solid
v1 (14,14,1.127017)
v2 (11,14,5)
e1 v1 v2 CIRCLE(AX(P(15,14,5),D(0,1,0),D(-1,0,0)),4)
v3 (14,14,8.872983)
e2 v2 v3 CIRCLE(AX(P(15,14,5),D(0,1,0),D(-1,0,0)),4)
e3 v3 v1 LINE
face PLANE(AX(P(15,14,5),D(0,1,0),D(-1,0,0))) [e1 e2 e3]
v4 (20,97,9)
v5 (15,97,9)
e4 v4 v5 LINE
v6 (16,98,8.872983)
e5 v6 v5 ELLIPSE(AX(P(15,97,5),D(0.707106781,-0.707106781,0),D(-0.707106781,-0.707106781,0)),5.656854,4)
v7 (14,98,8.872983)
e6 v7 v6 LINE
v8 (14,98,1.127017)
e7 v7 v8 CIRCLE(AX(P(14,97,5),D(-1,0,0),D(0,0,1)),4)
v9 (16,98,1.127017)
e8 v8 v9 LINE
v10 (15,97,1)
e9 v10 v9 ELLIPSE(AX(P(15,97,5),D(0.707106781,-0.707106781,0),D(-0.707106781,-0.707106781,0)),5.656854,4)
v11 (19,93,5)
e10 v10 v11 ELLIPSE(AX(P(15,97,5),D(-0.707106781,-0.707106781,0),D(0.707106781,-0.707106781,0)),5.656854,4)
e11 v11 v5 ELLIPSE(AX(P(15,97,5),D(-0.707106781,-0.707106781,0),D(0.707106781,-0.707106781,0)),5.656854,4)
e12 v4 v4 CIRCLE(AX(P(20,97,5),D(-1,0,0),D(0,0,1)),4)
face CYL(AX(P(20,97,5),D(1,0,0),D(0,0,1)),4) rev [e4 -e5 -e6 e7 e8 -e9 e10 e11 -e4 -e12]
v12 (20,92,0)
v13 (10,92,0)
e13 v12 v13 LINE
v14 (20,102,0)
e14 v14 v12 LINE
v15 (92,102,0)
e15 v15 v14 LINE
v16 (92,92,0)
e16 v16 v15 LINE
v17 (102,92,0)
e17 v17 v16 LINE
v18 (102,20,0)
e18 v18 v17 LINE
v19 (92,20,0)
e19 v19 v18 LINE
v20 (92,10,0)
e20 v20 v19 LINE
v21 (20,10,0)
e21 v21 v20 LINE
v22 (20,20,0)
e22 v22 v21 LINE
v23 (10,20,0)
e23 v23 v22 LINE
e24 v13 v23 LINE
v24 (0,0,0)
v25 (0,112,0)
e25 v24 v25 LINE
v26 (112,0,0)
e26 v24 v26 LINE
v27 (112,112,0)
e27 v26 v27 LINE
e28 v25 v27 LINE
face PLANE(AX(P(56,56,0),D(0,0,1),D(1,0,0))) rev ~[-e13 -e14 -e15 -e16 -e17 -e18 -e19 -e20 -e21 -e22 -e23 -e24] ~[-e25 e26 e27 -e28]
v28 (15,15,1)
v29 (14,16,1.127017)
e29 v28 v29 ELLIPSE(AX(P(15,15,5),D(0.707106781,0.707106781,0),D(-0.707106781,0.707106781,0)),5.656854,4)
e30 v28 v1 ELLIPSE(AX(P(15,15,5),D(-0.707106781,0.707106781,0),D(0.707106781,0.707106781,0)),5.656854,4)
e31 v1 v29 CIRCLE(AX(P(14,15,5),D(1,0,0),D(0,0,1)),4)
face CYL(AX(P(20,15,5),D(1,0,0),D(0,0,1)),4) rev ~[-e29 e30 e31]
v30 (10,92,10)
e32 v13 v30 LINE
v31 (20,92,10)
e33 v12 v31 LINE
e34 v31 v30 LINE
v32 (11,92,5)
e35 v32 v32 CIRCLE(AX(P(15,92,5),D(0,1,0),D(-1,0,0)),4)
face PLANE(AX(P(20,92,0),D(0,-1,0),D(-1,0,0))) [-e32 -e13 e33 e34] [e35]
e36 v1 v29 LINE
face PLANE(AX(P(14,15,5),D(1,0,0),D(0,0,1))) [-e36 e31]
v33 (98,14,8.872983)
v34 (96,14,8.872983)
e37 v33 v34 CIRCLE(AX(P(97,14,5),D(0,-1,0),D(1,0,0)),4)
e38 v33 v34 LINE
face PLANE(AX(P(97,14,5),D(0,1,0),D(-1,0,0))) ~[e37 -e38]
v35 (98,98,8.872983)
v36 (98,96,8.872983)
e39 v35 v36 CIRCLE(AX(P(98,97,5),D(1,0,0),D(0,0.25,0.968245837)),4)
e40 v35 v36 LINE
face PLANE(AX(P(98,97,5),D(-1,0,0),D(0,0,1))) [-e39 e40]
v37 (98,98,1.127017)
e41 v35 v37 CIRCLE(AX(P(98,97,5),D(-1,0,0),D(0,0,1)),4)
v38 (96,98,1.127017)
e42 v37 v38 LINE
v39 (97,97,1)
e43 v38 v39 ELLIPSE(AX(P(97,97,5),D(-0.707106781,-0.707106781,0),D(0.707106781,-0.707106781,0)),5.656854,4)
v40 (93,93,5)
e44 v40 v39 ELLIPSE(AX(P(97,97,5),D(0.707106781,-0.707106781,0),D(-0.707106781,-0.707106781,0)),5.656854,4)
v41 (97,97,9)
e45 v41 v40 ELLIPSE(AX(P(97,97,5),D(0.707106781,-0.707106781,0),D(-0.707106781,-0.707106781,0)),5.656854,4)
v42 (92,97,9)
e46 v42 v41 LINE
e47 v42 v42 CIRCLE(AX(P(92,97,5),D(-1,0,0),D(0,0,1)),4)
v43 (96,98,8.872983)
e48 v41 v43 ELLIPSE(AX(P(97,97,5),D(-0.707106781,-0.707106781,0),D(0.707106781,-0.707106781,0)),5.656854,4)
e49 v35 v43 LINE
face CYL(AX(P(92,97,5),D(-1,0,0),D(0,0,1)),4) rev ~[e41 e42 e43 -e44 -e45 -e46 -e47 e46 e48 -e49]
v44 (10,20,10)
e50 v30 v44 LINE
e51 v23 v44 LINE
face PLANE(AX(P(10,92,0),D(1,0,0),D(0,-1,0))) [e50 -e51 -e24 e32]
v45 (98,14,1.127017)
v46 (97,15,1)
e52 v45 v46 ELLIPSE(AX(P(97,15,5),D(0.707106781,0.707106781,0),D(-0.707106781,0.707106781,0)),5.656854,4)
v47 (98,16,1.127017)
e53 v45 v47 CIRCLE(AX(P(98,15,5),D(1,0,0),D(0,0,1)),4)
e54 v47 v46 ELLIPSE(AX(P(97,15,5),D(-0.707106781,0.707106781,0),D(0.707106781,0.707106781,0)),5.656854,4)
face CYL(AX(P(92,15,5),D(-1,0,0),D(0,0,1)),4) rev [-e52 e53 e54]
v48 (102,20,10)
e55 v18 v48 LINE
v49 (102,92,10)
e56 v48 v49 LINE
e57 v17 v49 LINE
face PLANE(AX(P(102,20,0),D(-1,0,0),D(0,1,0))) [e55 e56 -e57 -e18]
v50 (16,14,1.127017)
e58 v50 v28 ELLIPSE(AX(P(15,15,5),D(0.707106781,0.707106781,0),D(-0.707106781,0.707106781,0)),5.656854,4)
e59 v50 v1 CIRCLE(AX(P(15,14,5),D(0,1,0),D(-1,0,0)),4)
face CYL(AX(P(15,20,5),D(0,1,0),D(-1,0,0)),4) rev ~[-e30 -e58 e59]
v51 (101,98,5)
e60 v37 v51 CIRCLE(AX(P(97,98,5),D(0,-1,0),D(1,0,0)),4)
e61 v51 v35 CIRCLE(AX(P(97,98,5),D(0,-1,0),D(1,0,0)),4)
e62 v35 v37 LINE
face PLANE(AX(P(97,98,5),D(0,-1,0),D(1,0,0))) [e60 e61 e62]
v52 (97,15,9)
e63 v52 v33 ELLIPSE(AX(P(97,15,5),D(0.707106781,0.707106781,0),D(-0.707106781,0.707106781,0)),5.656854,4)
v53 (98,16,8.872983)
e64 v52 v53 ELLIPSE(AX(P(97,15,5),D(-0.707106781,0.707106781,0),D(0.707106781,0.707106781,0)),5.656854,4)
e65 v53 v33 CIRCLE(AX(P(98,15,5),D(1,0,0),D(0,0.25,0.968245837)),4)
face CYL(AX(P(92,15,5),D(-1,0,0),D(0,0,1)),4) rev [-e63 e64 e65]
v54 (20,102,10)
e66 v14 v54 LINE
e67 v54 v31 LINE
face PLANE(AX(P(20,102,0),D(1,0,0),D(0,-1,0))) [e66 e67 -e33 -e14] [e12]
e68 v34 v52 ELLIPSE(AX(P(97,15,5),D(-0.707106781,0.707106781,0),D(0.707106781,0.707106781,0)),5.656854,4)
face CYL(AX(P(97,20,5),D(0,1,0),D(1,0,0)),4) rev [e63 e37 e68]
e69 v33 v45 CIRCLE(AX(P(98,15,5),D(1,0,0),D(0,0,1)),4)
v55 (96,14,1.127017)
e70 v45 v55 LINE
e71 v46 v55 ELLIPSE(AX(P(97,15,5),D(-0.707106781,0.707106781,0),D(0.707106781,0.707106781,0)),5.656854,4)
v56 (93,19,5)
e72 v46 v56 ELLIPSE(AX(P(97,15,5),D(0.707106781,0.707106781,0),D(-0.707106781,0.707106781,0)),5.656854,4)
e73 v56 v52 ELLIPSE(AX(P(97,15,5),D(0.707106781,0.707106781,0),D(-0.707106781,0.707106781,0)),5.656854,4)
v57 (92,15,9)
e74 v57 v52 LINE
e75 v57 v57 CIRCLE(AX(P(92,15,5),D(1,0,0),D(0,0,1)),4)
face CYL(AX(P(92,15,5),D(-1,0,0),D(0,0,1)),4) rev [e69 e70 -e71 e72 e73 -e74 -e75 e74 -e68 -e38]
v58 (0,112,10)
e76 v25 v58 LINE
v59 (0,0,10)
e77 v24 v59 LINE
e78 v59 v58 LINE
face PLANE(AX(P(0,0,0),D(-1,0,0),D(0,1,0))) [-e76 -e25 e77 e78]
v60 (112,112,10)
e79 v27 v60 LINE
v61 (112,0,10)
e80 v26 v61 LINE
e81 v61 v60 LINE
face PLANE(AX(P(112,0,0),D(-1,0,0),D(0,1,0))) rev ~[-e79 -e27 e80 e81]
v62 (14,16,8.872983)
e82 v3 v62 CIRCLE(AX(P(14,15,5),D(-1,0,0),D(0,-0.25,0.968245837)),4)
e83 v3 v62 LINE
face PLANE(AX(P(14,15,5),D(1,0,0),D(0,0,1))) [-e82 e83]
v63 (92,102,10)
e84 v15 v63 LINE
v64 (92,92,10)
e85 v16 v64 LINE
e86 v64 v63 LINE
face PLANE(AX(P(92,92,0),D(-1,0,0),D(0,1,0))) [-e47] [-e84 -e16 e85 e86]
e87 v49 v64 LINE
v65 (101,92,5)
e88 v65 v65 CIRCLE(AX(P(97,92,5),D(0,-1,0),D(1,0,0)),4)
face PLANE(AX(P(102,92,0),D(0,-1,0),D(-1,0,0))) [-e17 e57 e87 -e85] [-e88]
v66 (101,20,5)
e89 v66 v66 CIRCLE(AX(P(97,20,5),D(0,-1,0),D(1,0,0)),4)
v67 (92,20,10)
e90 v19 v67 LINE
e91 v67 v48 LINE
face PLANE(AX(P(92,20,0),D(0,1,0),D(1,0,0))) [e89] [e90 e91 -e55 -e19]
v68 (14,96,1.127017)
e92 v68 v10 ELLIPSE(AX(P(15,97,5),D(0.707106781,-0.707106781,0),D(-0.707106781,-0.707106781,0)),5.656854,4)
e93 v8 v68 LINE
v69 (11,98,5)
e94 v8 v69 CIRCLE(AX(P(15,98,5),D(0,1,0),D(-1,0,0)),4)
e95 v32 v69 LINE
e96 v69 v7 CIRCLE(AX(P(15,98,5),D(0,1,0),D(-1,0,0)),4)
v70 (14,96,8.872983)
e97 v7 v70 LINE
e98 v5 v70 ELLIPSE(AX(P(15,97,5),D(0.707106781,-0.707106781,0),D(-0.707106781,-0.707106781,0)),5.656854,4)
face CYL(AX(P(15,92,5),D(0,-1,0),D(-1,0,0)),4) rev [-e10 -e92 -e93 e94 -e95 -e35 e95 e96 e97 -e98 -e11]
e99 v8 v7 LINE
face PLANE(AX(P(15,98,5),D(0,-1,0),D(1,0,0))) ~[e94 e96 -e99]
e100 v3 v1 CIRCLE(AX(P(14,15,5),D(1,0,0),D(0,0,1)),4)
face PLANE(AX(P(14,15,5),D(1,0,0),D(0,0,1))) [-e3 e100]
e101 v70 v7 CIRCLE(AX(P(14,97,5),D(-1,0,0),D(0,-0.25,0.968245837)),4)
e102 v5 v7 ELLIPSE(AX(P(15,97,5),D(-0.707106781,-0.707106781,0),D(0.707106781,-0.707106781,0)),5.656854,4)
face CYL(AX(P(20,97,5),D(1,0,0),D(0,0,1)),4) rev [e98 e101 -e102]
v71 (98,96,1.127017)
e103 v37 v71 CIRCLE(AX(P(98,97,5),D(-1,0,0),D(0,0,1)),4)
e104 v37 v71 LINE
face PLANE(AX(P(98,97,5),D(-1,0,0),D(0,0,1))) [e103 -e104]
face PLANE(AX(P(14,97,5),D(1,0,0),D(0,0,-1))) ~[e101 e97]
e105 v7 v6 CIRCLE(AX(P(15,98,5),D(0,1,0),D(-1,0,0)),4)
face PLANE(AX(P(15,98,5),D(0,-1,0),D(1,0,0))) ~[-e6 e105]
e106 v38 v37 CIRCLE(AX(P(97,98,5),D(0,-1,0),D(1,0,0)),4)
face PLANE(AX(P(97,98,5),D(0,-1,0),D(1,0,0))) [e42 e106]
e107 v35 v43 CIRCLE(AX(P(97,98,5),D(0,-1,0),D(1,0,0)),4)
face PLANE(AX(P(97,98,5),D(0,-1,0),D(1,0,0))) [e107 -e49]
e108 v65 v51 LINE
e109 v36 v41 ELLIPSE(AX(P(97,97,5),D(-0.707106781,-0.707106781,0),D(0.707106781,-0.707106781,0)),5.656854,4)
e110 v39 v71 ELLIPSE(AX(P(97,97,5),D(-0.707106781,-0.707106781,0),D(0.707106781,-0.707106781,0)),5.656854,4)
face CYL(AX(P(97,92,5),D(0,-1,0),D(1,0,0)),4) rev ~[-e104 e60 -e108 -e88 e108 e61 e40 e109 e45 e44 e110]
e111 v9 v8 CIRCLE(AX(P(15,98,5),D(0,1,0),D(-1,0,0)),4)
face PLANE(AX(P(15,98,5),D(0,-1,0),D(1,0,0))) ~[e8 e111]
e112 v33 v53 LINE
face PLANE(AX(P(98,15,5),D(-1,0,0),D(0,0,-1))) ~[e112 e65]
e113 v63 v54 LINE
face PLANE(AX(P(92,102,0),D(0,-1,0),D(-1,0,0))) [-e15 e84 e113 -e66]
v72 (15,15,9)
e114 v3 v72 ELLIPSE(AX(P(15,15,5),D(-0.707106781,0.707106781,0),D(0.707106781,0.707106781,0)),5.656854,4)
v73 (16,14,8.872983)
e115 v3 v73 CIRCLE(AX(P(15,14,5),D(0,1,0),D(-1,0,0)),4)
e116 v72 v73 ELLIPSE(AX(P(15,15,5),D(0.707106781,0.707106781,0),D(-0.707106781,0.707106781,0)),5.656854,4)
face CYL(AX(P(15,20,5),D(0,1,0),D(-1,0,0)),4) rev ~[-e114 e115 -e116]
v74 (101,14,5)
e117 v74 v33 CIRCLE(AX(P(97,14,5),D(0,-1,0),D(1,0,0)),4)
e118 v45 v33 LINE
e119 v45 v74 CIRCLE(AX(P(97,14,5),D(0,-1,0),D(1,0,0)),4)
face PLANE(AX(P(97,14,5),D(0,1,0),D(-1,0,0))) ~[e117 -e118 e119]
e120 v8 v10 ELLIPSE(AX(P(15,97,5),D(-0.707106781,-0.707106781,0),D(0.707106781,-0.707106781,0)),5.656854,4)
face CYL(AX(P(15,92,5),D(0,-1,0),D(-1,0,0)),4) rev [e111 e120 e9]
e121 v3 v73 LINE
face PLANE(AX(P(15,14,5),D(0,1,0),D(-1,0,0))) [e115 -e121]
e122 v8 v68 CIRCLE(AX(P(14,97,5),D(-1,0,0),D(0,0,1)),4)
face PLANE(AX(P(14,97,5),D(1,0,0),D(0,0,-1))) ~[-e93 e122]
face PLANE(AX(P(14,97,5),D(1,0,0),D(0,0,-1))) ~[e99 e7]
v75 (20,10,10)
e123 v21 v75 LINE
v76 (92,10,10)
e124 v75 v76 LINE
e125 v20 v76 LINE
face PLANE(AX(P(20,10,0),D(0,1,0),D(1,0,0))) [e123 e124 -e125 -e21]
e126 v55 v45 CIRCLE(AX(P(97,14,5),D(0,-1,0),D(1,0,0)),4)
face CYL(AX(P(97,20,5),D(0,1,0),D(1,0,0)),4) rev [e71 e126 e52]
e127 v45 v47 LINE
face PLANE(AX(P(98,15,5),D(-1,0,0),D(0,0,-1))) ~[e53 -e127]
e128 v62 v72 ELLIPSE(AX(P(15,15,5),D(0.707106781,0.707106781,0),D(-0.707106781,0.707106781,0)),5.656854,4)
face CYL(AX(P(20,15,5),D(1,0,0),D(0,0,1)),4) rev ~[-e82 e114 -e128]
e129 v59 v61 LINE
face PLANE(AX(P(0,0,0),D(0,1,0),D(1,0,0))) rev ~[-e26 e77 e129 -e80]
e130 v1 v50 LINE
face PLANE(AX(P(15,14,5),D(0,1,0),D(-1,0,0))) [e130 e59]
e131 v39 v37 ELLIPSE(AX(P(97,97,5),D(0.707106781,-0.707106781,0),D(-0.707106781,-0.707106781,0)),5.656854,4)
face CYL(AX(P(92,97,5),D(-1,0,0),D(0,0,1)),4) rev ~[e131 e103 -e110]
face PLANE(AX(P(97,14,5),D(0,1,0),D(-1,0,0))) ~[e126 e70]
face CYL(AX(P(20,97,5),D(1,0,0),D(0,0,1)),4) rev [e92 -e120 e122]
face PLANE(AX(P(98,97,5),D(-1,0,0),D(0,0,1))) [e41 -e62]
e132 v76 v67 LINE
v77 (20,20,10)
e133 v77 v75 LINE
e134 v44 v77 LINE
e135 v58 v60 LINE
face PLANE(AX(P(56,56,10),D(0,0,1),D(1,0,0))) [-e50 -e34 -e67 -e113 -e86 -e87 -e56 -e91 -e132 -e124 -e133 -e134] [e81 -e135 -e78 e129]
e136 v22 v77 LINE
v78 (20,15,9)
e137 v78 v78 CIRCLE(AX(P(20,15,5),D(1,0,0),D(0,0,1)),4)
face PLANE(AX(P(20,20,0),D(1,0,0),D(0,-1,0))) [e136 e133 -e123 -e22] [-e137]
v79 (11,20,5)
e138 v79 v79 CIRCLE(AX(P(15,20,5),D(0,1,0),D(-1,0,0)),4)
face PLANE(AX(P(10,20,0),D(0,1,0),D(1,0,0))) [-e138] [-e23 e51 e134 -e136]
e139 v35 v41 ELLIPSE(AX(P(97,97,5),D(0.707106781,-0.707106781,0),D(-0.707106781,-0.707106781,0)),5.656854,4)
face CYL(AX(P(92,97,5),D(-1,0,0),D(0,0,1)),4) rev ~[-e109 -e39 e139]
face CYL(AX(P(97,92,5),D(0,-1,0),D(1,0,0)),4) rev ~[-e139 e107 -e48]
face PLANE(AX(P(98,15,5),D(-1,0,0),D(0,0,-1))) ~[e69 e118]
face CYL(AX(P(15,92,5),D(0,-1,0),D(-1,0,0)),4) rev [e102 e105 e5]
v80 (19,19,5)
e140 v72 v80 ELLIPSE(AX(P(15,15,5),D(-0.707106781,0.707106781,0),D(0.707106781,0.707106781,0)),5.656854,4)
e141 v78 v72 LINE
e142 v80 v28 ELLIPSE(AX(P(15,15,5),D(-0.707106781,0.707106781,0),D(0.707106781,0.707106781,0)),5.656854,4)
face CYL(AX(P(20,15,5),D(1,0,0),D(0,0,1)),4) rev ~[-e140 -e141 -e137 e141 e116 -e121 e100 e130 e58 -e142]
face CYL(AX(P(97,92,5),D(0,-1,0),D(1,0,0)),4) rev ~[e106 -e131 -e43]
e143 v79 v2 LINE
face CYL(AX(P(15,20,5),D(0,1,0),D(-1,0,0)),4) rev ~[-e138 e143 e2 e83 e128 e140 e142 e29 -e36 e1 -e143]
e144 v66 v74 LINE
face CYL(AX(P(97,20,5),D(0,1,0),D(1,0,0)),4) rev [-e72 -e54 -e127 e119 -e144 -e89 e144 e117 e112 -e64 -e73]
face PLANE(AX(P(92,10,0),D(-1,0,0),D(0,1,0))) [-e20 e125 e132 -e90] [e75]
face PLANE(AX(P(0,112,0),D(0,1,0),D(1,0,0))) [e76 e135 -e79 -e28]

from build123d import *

# Parameters (mm, degrees)
CROQUIS1_W                = 112
CROQUIS1_H                = 112
SALIENTE_EXTRUIR1_DEPTH   = 10
CROQUIS2_R                = 4
CORTAR_EXTRUIR1_DEPTH     = 6
CROQUIS3_R                = 4
CORTAR_EXTRUIR2_DEPTH     = 6
SIMETR_A2_COPY_1_SKETCH_R = 4
SIMETR_A2_COPY_1_DEPTH    = 6
SIMETR_A2_COPY_2_SKETCH_R = 4
SIMETR_A2_COPY_2_DEPTH    = 6


with BuildPart() as part:
    # Croquis1 → Saliente-Extruir1 (new body)
    with BuildSketch(Plane.XY):
        with Locations((56, 56)):
            Rectangle(CROQUIS1_W, CROQUIS1_H)
        Polygon((20, 10), (92, 10), (92, 20), (102, 20), (102, 92), (92, 92), (92, 102), (20, 102), (20, 92), (10, 92), (10, 20), (20, 20), align=None, mode=Mode.SUBTRACT)
    extrude(amount=SALIENTE_EXTRUIR1_DEPTH)

    # Croquis2 → Cortar-Extruir1 (cut)
    with BuildSketch(Plane.XZ.offset(-92)):
        with Locations((97, 5)):
            Circle(CROQUIS2_R)
    cortar_extruir1 = extrude(amount=-CORTAR_EXTRUIR1_DEPTH, mode=Mode.SUBTRACT)

    # Croquis3 → Cortar-Extruir2 (cut)
    with BuildSketch(Plane.ZY.offset(-92)):
        with Locations((5, 97)):
            Circle(CROQUIS3_R)
    cortar_extruir2 = extrude(amount=-CORTAR_EXTRUIR2_DEPTH, mode=Mode.SUBTRACT)

    # Simetría1: Cortar-Extruir1, Cortar-Extruir2 across plane
    add(cortar_extruir1.mirror(Plane.ZY.offset(-56)), mode=Mode.SUBTRACT)
    add(cortar_extruir2.mirror(Plane.ZY.offset(-56)), mode=Mode.SUBTRACT)

    # Simetría2: Cortar-Extruir1, Cortar-Extruir2 across plane
    add(cortar_extruir1.mirror(Plane.ZX.offset(56)), mode=Mode.SUBTRACT)
    add(cortar_extruir2.mirror(Plane.ZX.offset(56)), mode=Mode.SUBTRACT)

    # Simetría2 copy 1 sketch → Simetría2 copy 1 (cut)
    with BuildSketch(Plane(origin=(112, 20, 0), x_dir=(-1, 0, 0), z_dir=(0, 1, 0))):
        with Locations((97, 5)):
            Circle(SIMETR_A2_COPY_1_SKETCH_R)
    extrude(amount=-SIMETR_A2_COPY_1_DEPTH, mode=Mode.SUBTRACT)

    # Simetría2 copy 2 sketch → Simetría2 copy 2 (cut)
    with BuildSketch(Plane(origin=(20, 112, 0), x_dir=(0, 0, 1), z_dir=(1, 0, 0))):
        with Locations((5, 97)):
            Circle(SIMETR_A2_COPY_2_SKETCH_R)
    extrude(amount=-SIMETR_A2_COPY_2_DEPTH, mode=Mode.SUBTRACT)


solid = part.part
